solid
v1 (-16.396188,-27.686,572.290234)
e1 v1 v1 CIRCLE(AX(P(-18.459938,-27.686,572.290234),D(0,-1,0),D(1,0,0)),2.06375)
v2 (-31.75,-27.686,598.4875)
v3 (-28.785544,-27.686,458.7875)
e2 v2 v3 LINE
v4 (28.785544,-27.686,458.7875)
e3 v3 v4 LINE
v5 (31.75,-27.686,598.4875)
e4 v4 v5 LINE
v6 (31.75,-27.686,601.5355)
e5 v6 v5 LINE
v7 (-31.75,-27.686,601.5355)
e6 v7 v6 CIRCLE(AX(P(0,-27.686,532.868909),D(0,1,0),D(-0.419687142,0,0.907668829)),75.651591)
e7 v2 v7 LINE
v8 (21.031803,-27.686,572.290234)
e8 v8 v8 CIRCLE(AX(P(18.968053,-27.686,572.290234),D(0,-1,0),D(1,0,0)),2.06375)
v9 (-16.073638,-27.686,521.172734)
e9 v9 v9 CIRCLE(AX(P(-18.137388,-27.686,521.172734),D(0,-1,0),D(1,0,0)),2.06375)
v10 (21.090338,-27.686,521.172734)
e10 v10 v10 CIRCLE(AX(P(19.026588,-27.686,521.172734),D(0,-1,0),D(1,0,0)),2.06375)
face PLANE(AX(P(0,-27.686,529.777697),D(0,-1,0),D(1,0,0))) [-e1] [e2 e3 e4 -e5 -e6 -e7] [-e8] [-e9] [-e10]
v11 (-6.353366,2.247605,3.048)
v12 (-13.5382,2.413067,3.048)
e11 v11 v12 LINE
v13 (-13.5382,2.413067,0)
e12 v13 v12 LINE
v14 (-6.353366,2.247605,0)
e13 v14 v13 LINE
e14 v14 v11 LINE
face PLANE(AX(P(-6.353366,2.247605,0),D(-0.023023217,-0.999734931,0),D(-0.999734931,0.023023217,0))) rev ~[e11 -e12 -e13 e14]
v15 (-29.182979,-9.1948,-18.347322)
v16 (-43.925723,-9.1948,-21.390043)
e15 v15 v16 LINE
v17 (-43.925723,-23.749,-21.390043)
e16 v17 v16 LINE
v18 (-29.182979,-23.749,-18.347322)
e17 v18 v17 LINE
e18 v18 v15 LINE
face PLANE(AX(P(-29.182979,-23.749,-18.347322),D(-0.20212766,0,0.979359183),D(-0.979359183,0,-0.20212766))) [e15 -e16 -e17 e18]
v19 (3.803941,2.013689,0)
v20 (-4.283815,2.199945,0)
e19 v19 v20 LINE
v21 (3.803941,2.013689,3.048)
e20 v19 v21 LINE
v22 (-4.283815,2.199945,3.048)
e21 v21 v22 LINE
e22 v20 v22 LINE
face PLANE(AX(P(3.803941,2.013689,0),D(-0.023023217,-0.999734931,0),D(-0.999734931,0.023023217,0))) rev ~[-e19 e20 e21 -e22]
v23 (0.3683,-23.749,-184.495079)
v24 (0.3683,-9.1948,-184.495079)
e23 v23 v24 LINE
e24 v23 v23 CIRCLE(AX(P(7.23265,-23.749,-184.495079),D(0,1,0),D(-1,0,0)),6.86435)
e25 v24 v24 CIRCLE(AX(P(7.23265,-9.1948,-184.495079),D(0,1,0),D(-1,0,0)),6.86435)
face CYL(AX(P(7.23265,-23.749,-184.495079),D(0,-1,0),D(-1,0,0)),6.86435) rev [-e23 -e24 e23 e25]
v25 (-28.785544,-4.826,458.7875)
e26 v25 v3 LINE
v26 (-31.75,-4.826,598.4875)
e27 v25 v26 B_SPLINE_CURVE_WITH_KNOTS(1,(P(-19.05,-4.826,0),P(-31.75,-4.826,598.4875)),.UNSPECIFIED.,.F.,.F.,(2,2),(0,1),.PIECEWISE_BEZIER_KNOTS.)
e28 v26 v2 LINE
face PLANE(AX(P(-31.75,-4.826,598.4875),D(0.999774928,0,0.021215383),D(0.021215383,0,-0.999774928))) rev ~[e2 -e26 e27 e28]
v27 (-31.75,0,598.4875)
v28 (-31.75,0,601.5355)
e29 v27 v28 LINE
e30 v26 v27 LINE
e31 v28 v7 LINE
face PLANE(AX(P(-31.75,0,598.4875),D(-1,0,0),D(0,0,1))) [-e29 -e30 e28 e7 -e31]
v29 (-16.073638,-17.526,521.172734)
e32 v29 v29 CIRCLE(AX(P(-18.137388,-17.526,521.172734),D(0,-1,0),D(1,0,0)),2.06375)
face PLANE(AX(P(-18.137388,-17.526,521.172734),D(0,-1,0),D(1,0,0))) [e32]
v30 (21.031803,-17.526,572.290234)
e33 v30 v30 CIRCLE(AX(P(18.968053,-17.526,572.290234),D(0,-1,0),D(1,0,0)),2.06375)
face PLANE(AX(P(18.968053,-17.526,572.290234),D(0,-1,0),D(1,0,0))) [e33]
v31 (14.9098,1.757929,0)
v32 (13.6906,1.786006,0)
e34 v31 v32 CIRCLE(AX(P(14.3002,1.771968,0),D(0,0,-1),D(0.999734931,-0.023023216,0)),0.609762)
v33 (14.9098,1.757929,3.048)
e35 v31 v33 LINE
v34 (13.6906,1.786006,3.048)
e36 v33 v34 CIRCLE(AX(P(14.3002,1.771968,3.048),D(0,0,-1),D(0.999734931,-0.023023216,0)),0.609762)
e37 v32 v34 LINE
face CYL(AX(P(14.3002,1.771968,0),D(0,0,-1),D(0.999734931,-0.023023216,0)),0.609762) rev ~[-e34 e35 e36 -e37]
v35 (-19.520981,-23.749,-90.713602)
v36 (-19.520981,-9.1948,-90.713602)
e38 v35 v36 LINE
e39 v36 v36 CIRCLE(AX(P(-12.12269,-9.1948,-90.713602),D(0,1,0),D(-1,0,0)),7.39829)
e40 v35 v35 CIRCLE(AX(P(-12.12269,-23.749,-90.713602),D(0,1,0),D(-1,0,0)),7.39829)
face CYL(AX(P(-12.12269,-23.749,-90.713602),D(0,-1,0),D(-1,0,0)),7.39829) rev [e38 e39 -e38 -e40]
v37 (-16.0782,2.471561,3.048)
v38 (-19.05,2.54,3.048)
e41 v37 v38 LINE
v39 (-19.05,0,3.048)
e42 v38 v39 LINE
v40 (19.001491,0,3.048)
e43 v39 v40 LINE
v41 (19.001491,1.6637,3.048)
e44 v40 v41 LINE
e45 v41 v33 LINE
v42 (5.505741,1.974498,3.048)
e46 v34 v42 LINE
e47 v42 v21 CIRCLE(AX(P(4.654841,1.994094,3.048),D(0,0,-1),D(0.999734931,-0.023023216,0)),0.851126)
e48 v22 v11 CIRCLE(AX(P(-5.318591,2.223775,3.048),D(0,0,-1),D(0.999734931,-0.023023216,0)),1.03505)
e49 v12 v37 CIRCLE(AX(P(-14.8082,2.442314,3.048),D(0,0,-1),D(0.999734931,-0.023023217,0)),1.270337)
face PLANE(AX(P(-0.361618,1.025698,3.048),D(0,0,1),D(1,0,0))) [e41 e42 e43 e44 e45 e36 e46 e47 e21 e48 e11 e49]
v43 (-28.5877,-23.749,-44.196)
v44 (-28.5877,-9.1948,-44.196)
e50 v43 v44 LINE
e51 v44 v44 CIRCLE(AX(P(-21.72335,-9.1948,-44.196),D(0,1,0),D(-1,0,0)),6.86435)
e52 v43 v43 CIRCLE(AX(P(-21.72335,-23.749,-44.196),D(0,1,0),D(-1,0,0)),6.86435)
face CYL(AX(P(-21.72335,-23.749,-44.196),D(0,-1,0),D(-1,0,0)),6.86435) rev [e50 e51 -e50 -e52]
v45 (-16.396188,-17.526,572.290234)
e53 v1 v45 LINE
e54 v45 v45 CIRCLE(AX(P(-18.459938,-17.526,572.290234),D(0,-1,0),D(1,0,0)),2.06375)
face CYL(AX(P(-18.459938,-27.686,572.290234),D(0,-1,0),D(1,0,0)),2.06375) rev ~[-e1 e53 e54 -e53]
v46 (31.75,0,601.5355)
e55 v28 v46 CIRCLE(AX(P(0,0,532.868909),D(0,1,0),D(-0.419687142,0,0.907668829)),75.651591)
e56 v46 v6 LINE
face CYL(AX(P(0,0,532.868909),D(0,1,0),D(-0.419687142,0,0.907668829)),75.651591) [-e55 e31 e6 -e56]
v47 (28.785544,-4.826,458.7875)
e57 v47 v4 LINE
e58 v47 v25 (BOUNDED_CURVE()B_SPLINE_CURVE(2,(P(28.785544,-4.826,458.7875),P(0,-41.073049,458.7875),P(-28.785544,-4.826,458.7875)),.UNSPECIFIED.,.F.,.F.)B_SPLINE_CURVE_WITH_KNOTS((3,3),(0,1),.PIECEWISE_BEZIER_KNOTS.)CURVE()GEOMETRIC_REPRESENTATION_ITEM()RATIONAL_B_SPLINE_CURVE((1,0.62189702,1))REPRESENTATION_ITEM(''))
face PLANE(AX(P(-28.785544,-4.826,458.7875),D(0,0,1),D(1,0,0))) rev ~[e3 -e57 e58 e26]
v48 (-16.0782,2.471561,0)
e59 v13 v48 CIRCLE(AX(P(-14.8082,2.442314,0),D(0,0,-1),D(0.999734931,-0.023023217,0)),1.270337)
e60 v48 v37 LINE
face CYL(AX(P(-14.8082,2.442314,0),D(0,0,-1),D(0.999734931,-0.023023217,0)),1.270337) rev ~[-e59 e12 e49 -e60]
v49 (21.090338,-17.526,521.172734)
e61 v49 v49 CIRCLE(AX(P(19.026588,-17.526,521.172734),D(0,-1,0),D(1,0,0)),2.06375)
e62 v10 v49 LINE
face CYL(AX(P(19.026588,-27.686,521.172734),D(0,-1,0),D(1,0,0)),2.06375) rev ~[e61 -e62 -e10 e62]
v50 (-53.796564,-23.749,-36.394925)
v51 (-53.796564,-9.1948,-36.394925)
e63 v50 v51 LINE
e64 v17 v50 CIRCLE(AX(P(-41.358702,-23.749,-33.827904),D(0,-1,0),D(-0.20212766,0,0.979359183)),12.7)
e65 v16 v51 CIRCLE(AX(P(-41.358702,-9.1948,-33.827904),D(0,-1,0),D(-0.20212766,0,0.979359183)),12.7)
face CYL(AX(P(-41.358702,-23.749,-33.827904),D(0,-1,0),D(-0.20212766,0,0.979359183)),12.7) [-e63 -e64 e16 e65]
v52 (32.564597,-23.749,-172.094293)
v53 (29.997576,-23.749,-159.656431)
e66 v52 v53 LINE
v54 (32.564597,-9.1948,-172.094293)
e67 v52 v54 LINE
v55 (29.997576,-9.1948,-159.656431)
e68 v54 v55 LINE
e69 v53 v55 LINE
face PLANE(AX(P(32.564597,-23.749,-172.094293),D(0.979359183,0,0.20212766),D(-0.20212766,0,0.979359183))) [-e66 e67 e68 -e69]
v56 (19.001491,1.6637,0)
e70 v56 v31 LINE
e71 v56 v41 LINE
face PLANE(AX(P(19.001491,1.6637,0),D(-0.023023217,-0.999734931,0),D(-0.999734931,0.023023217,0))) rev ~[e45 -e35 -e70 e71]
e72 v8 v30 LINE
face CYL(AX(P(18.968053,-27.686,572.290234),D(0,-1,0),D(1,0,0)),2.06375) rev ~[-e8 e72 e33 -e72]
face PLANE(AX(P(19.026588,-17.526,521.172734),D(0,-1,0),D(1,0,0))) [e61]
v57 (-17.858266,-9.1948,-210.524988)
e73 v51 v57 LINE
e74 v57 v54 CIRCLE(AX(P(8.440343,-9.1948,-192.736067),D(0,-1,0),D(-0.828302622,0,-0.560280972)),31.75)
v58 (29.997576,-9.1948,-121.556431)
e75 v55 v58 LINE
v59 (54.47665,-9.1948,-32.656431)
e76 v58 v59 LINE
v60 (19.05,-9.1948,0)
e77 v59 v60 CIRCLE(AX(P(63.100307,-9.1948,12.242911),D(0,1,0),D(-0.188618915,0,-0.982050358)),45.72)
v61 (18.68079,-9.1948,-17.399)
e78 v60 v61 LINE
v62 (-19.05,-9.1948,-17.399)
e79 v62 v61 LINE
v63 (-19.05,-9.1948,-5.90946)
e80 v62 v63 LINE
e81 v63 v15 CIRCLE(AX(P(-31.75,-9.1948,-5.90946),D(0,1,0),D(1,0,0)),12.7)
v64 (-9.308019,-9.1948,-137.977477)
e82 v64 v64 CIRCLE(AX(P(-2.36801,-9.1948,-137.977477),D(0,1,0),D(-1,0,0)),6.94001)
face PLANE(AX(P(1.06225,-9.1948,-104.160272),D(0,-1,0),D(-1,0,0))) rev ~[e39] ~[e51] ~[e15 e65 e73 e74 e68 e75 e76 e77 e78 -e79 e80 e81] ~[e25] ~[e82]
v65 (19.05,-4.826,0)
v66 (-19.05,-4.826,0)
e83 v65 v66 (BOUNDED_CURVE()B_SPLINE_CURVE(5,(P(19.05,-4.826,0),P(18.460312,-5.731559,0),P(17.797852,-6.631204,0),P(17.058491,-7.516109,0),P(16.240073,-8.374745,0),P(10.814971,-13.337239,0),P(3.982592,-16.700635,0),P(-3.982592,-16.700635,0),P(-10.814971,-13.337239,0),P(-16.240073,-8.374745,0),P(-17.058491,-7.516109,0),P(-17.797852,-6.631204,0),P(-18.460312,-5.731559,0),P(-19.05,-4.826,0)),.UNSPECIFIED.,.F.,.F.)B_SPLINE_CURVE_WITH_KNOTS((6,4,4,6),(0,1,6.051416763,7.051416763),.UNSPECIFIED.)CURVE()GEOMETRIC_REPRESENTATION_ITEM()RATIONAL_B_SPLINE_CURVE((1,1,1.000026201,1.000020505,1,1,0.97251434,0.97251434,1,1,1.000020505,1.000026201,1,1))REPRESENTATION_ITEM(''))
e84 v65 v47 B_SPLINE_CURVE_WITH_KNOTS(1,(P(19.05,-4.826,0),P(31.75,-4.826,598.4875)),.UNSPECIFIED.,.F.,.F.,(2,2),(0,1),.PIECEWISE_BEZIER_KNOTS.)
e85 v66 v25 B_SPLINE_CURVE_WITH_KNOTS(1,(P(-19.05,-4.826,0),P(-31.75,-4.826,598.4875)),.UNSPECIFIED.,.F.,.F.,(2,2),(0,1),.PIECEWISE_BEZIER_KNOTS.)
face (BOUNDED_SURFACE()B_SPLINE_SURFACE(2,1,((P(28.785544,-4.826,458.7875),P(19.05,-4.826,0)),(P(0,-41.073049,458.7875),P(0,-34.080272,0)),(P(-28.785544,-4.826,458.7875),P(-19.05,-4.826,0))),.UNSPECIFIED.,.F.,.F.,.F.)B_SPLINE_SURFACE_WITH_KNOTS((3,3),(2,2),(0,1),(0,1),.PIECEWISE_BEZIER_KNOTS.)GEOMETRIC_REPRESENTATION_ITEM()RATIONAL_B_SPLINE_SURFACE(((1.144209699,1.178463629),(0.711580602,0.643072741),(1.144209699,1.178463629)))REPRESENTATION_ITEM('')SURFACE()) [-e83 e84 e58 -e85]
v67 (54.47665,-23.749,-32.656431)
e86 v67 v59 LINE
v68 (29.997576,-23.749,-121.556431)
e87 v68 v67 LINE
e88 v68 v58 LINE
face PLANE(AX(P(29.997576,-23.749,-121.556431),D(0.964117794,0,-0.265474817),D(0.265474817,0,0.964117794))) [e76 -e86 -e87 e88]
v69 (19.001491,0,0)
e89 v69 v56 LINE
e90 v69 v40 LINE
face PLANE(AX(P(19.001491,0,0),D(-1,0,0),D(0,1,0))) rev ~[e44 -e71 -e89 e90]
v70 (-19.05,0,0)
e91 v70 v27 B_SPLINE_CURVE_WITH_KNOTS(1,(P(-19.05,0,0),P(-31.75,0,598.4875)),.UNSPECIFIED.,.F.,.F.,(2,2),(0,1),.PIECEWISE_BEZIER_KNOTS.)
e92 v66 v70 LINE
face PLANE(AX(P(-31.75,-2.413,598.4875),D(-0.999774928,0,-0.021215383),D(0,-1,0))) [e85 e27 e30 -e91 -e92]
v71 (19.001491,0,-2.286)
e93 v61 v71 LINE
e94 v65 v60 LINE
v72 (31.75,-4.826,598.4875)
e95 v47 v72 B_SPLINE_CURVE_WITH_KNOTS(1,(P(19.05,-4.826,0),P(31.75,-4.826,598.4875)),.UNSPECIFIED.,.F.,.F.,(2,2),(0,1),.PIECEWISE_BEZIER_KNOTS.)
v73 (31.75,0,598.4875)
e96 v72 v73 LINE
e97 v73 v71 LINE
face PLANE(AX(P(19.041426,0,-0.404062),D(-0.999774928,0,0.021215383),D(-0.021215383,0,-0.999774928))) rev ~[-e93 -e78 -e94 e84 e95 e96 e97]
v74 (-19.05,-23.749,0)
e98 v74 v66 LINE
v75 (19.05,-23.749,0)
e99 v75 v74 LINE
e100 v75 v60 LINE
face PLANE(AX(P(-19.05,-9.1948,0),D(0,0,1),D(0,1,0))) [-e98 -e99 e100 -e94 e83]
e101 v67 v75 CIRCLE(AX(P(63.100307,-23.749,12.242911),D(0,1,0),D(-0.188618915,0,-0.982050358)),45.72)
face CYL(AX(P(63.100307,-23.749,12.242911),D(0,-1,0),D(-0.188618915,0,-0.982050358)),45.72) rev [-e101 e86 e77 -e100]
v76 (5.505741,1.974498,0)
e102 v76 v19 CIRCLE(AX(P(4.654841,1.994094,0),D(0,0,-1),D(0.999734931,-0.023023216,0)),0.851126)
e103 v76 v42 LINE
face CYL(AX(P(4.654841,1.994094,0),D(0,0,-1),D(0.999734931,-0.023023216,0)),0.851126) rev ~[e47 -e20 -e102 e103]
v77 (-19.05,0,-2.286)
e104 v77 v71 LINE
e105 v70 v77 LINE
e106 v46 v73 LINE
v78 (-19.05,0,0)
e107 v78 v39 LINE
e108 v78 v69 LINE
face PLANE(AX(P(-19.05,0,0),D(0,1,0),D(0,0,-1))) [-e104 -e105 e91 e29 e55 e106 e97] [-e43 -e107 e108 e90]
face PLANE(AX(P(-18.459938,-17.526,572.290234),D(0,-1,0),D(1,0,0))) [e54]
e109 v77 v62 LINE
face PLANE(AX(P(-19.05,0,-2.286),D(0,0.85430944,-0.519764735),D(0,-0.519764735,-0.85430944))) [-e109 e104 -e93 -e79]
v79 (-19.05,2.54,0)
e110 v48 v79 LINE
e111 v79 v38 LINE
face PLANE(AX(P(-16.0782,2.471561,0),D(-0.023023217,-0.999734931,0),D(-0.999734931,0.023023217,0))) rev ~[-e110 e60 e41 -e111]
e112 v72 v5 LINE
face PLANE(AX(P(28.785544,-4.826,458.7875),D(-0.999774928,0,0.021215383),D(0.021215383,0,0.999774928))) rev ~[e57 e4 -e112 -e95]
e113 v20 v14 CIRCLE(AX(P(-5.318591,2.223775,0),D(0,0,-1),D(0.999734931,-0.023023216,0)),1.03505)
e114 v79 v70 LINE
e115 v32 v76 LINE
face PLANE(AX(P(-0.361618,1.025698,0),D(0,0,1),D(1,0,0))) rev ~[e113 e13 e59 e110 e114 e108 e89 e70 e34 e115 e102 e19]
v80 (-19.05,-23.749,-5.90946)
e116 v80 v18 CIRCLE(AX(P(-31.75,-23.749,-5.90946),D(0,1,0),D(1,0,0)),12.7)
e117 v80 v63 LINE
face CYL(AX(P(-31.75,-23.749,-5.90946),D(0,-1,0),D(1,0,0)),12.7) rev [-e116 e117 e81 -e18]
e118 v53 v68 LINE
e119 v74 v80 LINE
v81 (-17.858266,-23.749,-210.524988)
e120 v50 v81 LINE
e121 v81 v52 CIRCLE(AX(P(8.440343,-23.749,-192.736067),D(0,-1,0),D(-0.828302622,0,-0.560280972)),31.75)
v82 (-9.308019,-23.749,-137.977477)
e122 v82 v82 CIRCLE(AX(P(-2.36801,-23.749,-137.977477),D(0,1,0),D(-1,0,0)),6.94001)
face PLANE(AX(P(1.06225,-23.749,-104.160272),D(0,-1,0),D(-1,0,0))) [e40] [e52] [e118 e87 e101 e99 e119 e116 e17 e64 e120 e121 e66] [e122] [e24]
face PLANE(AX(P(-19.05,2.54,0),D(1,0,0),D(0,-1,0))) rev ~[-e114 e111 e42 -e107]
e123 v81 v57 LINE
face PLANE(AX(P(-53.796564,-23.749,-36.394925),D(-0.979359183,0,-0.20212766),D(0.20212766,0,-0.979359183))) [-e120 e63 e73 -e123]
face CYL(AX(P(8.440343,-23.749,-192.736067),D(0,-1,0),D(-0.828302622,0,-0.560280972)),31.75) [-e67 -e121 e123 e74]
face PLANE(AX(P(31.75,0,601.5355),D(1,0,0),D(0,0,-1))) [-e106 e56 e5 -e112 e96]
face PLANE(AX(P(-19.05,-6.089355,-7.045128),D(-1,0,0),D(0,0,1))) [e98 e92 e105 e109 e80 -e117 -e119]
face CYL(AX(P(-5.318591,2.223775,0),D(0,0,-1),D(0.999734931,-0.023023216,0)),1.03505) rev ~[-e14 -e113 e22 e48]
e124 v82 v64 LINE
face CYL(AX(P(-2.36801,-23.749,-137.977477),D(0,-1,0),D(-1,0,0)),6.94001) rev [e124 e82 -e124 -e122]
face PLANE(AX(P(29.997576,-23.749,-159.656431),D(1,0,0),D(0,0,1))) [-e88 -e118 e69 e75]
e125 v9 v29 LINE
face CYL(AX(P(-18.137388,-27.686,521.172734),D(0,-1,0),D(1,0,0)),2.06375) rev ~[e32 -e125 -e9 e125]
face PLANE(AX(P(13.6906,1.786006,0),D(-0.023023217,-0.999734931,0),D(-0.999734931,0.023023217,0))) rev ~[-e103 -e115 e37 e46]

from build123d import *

# Parameters (mm, degrees)
SKETCH1_W           = 38.1
SKETCH1_H           = 4.826
SKETCH2_W           = 63.5
SKETCH2_H           = 4.826
BOSS_EXTRUDE1_DEPTH = 22.86
BOSS_EXTRUDE2_REACH = 601.968
SKETCH7_R           = 6.86435
SKETCH7_R_2         = 7.398290426
SKETCH7_R_3         = 6.940009574
BOSS_EXTRUDE3_DEPTH = 14.5542
BOSS_EXTRUDE4_REACH = 615.571
SKETCH9_R           = 2.06375
CUT_EXTRUDE1_DEPTH  = 10.16
BOSS_EXTRUDE5_DEPTH = 3.048


with BuildPart() as part:
    # Sketch1 → Loft1 section 0
    with BuildSketch(Plane.XY):
        with Locations((0, -2.413)):
            Rectangle(SKETCH1_W, SKETCH1_H)
    # Sketch2 → Loft1 section 1
    with BuildSketch(Plane.XY.offset(598.4875)):
        with Locations((0, -2.413)):
            Rectangle(SKETCH2_W, SKETCH2_H)
    loft()

    # Sketch5 → Boss-Extrude1 (add)
    with BuildSketch(Plane.XZ.offset(4.826)):
        Polygon((28.785543767, 458.7875), (31.75, 598.4875), (-31.75, 598.4875), (-28.785543767, 458.7875), align=None)
    extrude(amount=BOSS_EXTRUDE1_DEPTH)

    # Sketch4 for Loft2 → Loft2 section 0
    with BuildSketch(Plane.XY.offset(458.7875)):
        with BuildLine():
            Line((-28.785543767, -4.826), (28.785543767, -4.826))
            # circular arc as an exact rational Bezier (weights 1, cos(half-angle), 1)
            Bezier((28.785543767, -4.826), (0, -41.073048554), (-28.785543767, -4.826), weights=[1, 0.62189702, 1])
        make_face()
    # Sketch3 for Loft2 → Loft2 section 1
    with BuildSketch(Plane(origin=(0, 0, 0), x_dir=(-1, 0, 0), z_dir=(0, 0, -1))):
        with BuildLine():
            Line((19.05, -4.826), (-19.05, -4.826))
            Bezier((-19.05, -4.826), (0, -34.080271737), (19.05, -4.826), weights=[1, 0.545687389, 1])
        make_face()
    loft()

    # Boss-Extrude2: up to this face of the body (flat: up to its plane)
    boss_extrude2_end = Plane(part.part.faces().sort_by_distance((0, -27.686, 529.777696624))[0])
    # Sketch6 → Boss-Extrude2 (add, up to the picked face)
    with BuildSketch(Plane(origin=(0, 0, 0), x_dir=(1, 0, 0), z_dir=(0, 1, 0)), mode=Mode.PRIVATE) as boss_extrude2_sk1:
        with BuildLine():
            Line((-31.75, -598.4875), (-31.75, -601.5355))
            ThreePointArc((-31.75, -601.5355), (0, -608.5205), (31.75, -601.5355))
            Line((31.75, -601.5355), (31.75, -598.4875))
            Line((31.75, -598.4875), (-31.75, -598.4875))
        make_face()
    boss_extrude2_tool1 = split(extrude(boss_extrude2_sk1.sketch, amount=-BOSS_EXTRUDE2_REACH, mode=Mode.PRIVATE), bisect_by=boss_extrude2_end, keep=Keep.BOTH, mode=Mode.PRIVATE)
    add(boss_extrude2_tool1.solids().sort_by(Axis((0, 0, 602.638041), (0, -1, 0)))[0])

    # Sketch7 → Boss-Extrude3 (add)
    with BuildSketch(Plane(origin=(0, -23.749, 0), x_dir=(1, 0, 0), z_dir=(0, 1, 0))):
        with BuildLine():
            Line((-53.796563594, 36.394925453), (-17.858265722, 210.524988182))
            ThreePointArc((-17.858265722, 210.524988182), (27.686421042, 217.987818984), (32.564596867, 172.094292899))
            Line((32.564596867, 172.094292899), (29.99757559, 159.656431275))
            Line((29.99757559, 159.656431275), (29.99757559, 121.556431275))
            Line((29.99757559, 121.556431275), (54.47665, 32.656431275))
            ThreePointArc((54.47665, 32.656431275), (32.112450528, 21.373620039), (19.05, 0))
            Line((19.05, 0), (-19.05, 0))
            Line((-19.05, 0), (-19.05, 5.909460242))
            ThreePointArc((-19.05, 5.909460242), (-21.903905083, 13.930957291), (-29.182978723, 18.347321866))
            Line((-29.182978723, 18.347321866), (-43.925723247, 21.390042553))
            ThreePointArc((-43.925723247, 21.390042553), (-51.96875642, 26.848166031), (-53.796563594, 36.394925453))
        make_face()
        with Locations(Location((-21.72335, 44.196, 0), (0, 0, 180))):
            Circle(SKETCH7_R, mode=Mode.SUBTRACT)
        with Locations(Location((-12.122690426, 90.713602472, 0), (0, 0, 180))):
            Circle(SKETCH7_R_2, mode=Mode.SUBTRACT)
        with Locations(Location((-2.368009574, 137.977476641, 0), (0, 0, 180))):
            Circle(SKETCH7_R_3, mode=Mode.SUBTRACT)
        with Locations(Location((7.23265, 184.495079113, 0), (0, 0, 180))):
            Circle(SKETCH7_R, mode=Mode.SUBTRACT)
    extrude(amount=BOSS_EXTRUDE3_DEPTH)

    # Boss-Extrude4: up to this plane
    boss_extrude4_end = Plane(origin=(19.041425738, 0, -0.404062085), z_dir=(-0.999774928431425, 0, 0.021215383096688065))
    # Sketch8 → Boss-Extrude4 (add, up to the surface)
    with BuildSketch(Plane.ZY.offset(19.05), mode=Mode.PRIVATE) as boss_extrude4_sk1:
        Polygon((0, 0), (-2.286, 0), (-17.399, -9.1948), (0, -9.1948), align=None)
    boss_extrude4_tool1 = split(extrude(boss_extrude4_sk1.sketch, amount=-BOSS_EXTRUDE4_REACH, mode=Mode.PRIVATE), bisect_by=boss_extrude4_end, keep=Keep.BOTH, mode=Mode.PRIVATE)
    add(boss_extrude4_tool1.solids().sort_by_distance((-19.05, -5.773939, -5.888157))[0])

    # Sketch9 → Cut-Extrude1 (cut)
    with BuildSketch(Plane.XZ.offset(27.686)):
        with Locations((-18.459938241, 572.290233936)):
            Circle(SKETCH9_R)
        with Locations((18.968052603, 572.290233936)):
            Circle(SKETCH9_R)
        with Locations((19.026588432, 521.172733936)):
            Circle(SKETCH9_R)
        with Locations((-18.137388298, 521.172733936)):
            Circle(SKETCH9_R)
    extrude(amount=-CUT_EXTRUDE1_DEPTH, mode=Mode.SUBTRACT)

    # Sketch10 → Boss-Extrude5 (add)
    with BuildSketch(Plane.XY):
        with BuildLine():
            Line((-19.05, 0), (19.001490716, 0))
            Line((19.001490716, 0), (19.001490716, 1.6637))
            Line((19.001490716, 1.6637), (14.9098, 1.75792886))
            ThreePointArc((14.9098, 1.75792886), (14.286161326, 1.162367534), (13.6906, 1.786006208))
            Line((13.6906, 1.786006208), (5.505740514, 1.974497966))
            ThreePointArc((5.505740514, 1.974497966), (4.635244864, 1.143193615), (3.803940514, 2.013689264))
            Line((3.803940514, 2.013689264), (-4.283815101, 2.199944786))
            ThreePointArc((-4.283815101, 2.199944786), (-5.342420922, 1.188999326), (-6.353366381, 2.247605147))
            Line((-6.353366381, 2.247605147), (-13.5382, 2.413066988))
            ThreePointArc((-13.5382, 2.413066988), (-14.837447238, 1.172314226), (-16.0782, 2.471561463))
            Line((-16.0782, 2.471561463), (-19.05, 2.54))
            Line((-19.05, 2.54), (-19.05, 0))
        make_face()
    extrude(amount=BOSS_EXTRUDE5_DEPTH)


solid = part.part
